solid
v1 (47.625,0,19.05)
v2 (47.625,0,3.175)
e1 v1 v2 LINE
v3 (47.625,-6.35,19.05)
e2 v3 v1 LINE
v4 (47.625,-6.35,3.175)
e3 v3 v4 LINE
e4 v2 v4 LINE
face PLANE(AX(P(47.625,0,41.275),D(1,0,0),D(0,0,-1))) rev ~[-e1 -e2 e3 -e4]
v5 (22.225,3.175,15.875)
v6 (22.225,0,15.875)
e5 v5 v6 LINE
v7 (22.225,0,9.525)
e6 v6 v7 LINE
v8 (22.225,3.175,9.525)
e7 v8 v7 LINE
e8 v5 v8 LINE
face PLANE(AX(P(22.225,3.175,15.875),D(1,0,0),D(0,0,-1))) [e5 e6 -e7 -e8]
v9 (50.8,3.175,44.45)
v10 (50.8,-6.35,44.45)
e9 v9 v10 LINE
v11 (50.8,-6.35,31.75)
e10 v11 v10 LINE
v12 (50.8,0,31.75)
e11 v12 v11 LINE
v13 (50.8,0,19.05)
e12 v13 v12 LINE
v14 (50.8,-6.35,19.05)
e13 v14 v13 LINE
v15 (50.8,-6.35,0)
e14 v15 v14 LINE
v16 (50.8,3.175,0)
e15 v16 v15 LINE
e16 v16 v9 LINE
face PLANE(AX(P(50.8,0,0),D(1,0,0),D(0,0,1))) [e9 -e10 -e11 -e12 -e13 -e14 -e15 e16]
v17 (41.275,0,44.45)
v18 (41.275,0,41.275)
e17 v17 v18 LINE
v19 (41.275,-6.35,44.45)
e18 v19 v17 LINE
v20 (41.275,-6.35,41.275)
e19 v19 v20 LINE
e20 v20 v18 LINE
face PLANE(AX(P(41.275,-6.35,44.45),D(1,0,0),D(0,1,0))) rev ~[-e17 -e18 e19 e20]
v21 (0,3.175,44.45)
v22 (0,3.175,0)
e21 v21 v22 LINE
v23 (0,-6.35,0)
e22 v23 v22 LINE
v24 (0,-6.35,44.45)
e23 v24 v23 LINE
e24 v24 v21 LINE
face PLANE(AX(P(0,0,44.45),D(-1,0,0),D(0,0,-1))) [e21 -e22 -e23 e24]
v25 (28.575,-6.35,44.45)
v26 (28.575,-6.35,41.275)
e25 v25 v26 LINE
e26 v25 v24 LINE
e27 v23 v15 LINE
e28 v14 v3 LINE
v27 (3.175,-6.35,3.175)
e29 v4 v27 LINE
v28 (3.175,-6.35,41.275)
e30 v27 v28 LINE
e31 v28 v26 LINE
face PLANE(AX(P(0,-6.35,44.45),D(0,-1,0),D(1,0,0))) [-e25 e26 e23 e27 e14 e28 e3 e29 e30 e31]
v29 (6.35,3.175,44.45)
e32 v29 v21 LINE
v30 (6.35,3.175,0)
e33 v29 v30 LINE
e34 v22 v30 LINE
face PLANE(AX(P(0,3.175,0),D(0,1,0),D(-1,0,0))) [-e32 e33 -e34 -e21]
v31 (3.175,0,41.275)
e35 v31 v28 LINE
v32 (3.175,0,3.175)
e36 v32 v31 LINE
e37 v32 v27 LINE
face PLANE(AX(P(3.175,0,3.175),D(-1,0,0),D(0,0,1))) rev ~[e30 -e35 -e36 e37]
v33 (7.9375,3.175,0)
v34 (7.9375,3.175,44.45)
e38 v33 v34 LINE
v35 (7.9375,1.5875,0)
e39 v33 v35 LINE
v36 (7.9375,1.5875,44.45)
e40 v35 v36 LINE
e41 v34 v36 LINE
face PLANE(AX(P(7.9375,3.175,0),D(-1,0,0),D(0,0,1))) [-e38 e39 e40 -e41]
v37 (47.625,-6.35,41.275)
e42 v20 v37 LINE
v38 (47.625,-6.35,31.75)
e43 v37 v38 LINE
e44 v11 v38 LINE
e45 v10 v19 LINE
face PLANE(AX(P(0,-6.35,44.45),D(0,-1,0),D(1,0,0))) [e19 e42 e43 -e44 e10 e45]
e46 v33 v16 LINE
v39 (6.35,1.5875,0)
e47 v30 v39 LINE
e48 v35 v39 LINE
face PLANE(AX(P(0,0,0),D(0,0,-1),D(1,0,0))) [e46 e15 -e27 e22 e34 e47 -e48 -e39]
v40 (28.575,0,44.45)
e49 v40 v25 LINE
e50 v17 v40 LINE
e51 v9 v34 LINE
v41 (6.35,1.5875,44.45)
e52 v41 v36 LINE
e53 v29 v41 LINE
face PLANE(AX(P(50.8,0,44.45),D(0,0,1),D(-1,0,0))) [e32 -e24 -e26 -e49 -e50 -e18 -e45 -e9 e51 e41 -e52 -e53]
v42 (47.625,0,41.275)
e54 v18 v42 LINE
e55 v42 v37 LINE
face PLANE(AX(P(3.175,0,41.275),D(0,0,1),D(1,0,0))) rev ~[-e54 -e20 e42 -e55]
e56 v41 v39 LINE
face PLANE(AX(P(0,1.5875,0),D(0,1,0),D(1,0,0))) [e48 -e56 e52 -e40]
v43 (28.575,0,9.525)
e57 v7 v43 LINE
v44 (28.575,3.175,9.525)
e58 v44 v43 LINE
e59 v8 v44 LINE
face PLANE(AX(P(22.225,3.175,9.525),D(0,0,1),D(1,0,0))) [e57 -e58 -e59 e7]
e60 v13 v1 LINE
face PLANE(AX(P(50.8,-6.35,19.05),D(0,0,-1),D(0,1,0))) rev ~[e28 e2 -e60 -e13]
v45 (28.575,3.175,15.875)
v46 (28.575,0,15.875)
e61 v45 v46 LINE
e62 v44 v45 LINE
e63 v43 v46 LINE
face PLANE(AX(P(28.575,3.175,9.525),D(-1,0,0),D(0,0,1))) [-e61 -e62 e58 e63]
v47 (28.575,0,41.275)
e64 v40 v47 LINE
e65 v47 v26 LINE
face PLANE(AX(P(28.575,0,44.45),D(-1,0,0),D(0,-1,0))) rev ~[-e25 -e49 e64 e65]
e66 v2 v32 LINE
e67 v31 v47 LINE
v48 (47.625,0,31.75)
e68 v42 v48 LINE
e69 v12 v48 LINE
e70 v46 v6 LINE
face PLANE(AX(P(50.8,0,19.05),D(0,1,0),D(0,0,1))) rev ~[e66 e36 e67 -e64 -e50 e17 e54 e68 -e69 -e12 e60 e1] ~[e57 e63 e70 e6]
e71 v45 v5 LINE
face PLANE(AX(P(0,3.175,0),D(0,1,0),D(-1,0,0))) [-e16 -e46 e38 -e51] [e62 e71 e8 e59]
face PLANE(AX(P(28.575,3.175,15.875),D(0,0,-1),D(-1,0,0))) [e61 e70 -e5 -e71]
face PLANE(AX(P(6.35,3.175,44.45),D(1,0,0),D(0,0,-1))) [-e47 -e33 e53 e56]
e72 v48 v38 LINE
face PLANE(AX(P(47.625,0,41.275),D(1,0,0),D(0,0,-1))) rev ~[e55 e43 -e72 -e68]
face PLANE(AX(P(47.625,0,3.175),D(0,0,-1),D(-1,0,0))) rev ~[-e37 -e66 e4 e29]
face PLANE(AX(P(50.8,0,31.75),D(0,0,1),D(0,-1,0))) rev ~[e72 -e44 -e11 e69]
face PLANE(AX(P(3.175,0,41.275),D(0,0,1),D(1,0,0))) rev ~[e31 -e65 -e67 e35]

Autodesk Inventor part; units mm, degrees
ref_plane "YZ Plane" through (0, 0, 0) normal (1, 0, 0) x (0, 1, 0)
ref_plane "XZ Plane" through (0, 0, 0) normal (0, 1, 0) x (-1, 0, 0)
ref_plane "XY Plane" through (0, 0, 0) normal (0, 0, 1) x (1, 0, 0)
sketch "Sketch1" plane through (0, 0, 0) normal (0, 1, 0) x (-1, 0, 0)
  line L0 (0, 0) -> (-50.8, 0)
  line L1 (-50.8, 0) -> (-50.8, 44.45)
  line L2 (-50.8, 44.45) -> (0, 44.45)
  line L3 (0, 44.45) -> (0, 0)
  dimension "d0" = 50.8
  dimension "d1" = 44.45
extrude "Extrusion1" add sketch "Sketch1" along normal blind 3.175
sketch "Sketch2" plane through (0, 0, 44.45) normal (0, -1, 0) x (1, 0, 0)
  line L0 (50.8, 0) -> (0, 0)
  line L1 (0, 0) -> (0, -44.45)
  line L2 (0, -44.45) -> (50.8, -44.45)
  line L3 (50.8, -44.45) -> (50.8, 0)
  line L4 (3.175, -3.175) -> (47.625, -3.175)
  line L5 (47.625, -3.175) -> (47.625, -41.275)
  line L6 (47.625, -41.275) -> (3.175, -41.275)
  line L7 (3.175, -41.275) -> (3.175, -3.175)
  dimension "d4" = 3.175
  dimension "d7" = 3.175
  dimension "d5" = 3.175
  dimension "d6" = 3.175
extrude "Extrusion2" add sketch "Sketch2" along normal blind 6.35
sketch "Sketch3" plane through (0, -6.35, 44.45) normal (0, 0, 1) x (1, 0, 0)
  line L0 (28.575, 0) -> (41.275, 0)
  line L1 (41.275, 0) -> (41.275, 6.35)
  line L2 (41.275, 6.35) -> (28.575, 6.35)
  line L3 (28.575, 6.35) -> (28.575, 0)
  line L4 (50.8, 0) -> (0, 0) projected
  line L5 (0, 9.525) -> (50.8, 9.525) projected
  line L6 (0, 9.525) -> (0, 0) projected
  dimension "d18" = 0
  dimension "d20" = 28.575
  dimension "d21" = 41.275
  dimension "d27" = 6.35
extrude "Extrusion3" cut sketch "Sketch3" against normal blind 3.175
sketch "Sketch4" plane through (50.8, 3.175, 44.45) normal (1, 0, 0) x (0, 0, -1)
  line L0 (0, 0) -> (0, -9.525) projected
  line L1 (44.45, -9.525) -> (0, -9.525) projected
  line L2 (12.7, -9.525) -> (25.4, -9.525)
  line L3 (25.4, -9.525) -> (25.4, -3.175)
  line L4 (25.4, -3.175) -> (12.7, -3.175)
  line L5 (12.7, -3.175) -> (12.7, -9.525)
  point P0 (44.45, -3.175)
  dimension "d22" = 6.35
  dimension "d23" = 12.7
  dimension "d24" = 25.4
extrude "Extrusion4" cut sketch "Sketch4" against normal blind 3.175
sketch "Sketch5" plane through (0, 3.175, 0) normal (0, 1, 0) x (1, 0, 0)
  line L0 (50.8, 0) -> (0, 0) projected
  line L1 (0, 0) -> (0, -44.45) projected
  line L2 (22.225, -9.525) -> (28.575, -9.525)
  line L3 (28.575, -9.525) -> (28.575, -15.875)
  line L4 (28.575, -15.875) -> (22.225, -15.875)
  line L5 (22.225, -15.875) -> (22.225, -9.525)
  dimension "d28" = 22.225
  dimension "d29" = 28.575
  dimension "d30" = 9.525
  dimension "d31" = 15.875
extrude "Extrusion5" cut sketch "Sketch5" against normal blind 3.175
sketch "Sketch6" plane through (0, 3.175, 0) normal (0, 1, 0) x (1, 0, 0)
  line L0 (50.8, 0) -> (0, 0) projected
  line L1 (0, 0) -> (0, -44.45) projected
  line L2 (0, -44.45) -> (50.8, -44.45) projected
  line L3 (6.35, 0) -> (7.9375, 0)
  line L4 (7.9375, 0) -> (7.9375, -44.45)
  line L5 (7.9375, -44.45) -> (6.35, -44.45)
  line L6 (6.35, -44.45) -> (6.35, 0)
  dimension "d34" = 1.5875
  dimension "d35" = 6.35
extrude "Extrusion6" cut sketch "Sketch6" against normal blind 1.5875 contours L4 L2 L6 L0
properties part number "Casing Top"
